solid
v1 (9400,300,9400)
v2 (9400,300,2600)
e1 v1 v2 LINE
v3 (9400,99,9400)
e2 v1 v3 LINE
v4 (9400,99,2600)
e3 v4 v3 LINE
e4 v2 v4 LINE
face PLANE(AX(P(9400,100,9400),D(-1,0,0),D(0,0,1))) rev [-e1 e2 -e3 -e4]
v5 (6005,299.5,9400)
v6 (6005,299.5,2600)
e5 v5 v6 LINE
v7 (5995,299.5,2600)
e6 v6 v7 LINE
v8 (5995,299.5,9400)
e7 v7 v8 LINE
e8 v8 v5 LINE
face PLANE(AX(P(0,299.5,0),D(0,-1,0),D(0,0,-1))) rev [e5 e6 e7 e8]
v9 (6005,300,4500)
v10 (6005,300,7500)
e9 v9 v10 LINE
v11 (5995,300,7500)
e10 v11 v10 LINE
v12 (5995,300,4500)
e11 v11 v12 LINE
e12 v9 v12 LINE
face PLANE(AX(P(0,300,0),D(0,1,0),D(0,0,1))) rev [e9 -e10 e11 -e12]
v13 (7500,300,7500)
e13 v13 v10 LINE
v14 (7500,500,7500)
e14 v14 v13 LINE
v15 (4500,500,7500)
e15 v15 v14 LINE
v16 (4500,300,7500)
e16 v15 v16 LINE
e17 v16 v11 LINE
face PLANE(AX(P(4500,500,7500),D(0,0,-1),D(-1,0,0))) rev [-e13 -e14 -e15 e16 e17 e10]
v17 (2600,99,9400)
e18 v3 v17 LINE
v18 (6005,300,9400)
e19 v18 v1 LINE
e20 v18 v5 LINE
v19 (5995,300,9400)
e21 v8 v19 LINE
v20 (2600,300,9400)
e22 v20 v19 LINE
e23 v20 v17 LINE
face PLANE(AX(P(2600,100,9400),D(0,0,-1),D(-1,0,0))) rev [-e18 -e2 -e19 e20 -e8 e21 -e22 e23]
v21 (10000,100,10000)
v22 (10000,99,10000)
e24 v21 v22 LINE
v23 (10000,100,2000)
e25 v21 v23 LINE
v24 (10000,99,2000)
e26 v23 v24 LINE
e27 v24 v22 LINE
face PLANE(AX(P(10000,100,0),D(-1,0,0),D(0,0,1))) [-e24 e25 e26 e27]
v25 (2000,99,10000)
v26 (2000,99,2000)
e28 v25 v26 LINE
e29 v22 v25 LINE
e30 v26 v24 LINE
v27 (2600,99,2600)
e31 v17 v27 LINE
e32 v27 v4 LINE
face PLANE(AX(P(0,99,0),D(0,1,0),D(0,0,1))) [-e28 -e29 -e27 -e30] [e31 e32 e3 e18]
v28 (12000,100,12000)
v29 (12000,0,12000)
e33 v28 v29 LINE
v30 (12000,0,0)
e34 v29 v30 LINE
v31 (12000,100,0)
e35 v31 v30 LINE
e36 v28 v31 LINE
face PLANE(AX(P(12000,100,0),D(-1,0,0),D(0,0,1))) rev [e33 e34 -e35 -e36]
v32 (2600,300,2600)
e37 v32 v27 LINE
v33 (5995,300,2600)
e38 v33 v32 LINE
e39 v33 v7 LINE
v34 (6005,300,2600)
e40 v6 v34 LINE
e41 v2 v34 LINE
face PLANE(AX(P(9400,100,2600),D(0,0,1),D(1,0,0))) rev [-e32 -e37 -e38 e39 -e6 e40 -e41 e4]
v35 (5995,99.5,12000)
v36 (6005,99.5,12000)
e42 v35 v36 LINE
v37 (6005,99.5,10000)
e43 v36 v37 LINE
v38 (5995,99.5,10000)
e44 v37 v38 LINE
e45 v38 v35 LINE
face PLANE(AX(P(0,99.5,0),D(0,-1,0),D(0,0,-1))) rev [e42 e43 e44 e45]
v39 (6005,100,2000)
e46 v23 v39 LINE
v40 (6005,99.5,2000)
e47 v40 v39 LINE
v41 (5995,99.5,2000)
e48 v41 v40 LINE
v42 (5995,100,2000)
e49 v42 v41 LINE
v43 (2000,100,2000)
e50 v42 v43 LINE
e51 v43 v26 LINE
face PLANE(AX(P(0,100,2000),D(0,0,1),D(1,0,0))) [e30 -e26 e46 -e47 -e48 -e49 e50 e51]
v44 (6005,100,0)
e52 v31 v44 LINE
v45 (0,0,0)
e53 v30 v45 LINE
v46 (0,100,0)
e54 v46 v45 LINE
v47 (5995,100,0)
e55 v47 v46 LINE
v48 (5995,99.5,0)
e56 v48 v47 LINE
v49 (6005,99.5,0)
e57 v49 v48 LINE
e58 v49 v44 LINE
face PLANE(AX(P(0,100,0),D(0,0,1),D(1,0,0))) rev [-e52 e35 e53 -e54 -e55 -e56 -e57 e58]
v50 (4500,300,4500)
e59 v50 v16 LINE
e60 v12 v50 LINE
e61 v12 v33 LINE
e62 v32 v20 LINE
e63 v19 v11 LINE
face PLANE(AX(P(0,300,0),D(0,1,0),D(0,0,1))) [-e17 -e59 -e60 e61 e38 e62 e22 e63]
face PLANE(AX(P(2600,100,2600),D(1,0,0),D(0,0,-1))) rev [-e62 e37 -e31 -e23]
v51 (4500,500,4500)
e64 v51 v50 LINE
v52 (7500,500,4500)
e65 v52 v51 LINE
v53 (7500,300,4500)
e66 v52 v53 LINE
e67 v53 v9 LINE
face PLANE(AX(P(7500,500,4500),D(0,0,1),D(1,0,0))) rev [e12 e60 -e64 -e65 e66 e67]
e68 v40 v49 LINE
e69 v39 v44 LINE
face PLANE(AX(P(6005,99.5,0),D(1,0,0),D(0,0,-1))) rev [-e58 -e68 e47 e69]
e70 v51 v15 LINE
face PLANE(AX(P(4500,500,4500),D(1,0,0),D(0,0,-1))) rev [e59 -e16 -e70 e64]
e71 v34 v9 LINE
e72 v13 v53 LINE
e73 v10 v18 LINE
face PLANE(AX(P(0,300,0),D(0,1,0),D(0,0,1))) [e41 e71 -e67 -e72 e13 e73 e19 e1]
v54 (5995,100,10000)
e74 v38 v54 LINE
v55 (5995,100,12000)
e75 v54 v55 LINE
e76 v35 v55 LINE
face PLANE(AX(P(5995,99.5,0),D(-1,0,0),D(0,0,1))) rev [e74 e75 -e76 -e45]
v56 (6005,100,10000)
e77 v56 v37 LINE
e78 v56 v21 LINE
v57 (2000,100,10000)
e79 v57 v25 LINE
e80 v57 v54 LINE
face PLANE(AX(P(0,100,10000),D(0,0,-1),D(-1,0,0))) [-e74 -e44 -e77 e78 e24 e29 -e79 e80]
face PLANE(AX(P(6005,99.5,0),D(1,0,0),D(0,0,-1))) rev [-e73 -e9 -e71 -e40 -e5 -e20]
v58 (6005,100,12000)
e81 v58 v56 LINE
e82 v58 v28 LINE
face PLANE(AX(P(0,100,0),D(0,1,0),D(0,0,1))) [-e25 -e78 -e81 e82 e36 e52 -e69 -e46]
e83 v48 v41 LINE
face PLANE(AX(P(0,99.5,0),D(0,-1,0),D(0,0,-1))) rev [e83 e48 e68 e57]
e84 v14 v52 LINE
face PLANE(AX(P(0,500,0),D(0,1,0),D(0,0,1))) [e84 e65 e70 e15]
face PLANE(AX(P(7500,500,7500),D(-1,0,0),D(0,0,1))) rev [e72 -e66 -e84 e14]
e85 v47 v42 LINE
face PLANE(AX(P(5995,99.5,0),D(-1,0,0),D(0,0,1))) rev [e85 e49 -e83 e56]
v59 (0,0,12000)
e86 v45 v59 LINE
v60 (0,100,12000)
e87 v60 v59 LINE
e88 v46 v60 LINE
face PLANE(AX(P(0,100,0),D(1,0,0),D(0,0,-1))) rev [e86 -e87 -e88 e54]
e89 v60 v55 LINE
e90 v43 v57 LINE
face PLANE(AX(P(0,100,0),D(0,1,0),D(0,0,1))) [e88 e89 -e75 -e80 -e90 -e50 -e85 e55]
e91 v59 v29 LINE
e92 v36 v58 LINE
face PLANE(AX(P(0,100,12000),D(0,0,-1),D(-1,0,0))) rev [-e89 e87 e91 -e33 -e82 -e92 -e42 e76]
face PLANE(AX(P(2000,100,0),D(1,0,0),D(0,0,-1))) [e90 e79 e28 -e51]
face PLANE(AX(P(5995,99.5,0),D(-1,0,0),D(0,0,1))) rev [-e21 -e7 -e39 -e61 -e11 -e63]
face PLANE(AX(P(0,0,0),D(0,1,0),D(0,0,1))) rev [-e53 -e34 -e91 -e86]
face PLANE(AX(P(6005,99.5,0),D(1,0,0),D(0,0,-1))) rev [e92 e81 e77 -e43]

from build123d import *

# Parameters (mm, degrees)
SKETCH1_W             = 12000
SKETCH1_H             = 12000
SKETCH1_W_2           = 8000
SKETCH1_H_2           = 8000
BOSS_EXTRUDE1_DEPTH   = 100
SKETCH1_W_3           = 6800
SKETCH1_H_3           = 6800
BOSS_EXTRUDE1_2_DEPTH = 100
SKETCH2_W             = 8000
SKETCH2_H             = 8000
SKETCH2_W_2           = 6800
SKETCH2_H_2           = 6800
BOSS_EXTRUDE3_DEPTH   = 99
SKETCH3_W             = 10
SKETCH3_H             = 12000
CUT_EXTRUDE1_DEPTH    = 0.5
SKETCH4_W             = 3395
SKETCH4_H             = 6800
BOSS_EXTRUDE4_DEPTH   = 200
SKETCH5_W             = 10
SKETCH5_H             = 6800
BOSS_EXTRUDE5_DEPTH   = 200
SKETCH6_W             = 3000
SKETCH6_H             = 3000
BOSS_EXTRUDE6_DEPTH   = 200


with BuildPart() as part:
    # Sketch1 → Boss-Extrude1 (new body)
    with BuildSketch(Plane(origin=(0, 0, 0), x_dir=(1, 0, 0), z_dir=(0, 1, 0))):
        with Locations((6000, -6000)):
            Rectangle(SKETCH1_W, SKETCH1_H)
        with Locations((6000, -6000)):
            Rectangle(SKETCH1_W_2, SKETCH1_H_2, mode=Mode.SUBTRACT)
    extrude(amount=BOSS_EXTRUDE1_DEPTH)



with BuildPart() as body_2:
    # Sketch1 → Boss-Extrude1 2 (new body)
    with BuildSketch(Plane(origin=(0, 0, 0), x_dir=(1, 0, 0), z_dir=(0, 1, 0))):
        with Locations((6000, -6000)):
            Rectangle(SKETCH1_W_3, SKETCH1_H_3)
    extrude(amount=BOSS_EXTRUDE1_2_DEPTH)


with BuildPart() as part_1:
    add(part.part)

    add(body_2.part)  # Boss-Extrude3 merges body 2
    # Sketch2 → Boss-Extrude3 (add)
    with BuildSketch(Plane.XZ):
        with Locations((6000, 6000)):
            Rectangle(SKETCH2_W, SKETCH2_H)
        with Locations((6000, 6000)):
            Rectangle(SKETCH2_W_2, SKETCH2_H_2, mode=Mode.SUBTRACT)
    extrude(amount=-BOSS_EXTRUDE3_DEPTH)

    # Sketch3 → Cut-Extrude1 (cut)
    with BuildSketch(Plane(origin=(0, 100, 0), x_dir=(1, 0, 0), z_dir=(0, 1, 0))):
        with Locations((6000, -6000)):
            Rectangle(SKETCH3_W, SKETCH3_H)
    extrude(amount=-CUT_EXTRUDE1_DEPTH, mode=Mode.SUBTRACT)

    # Sketch4 → Boss-Extrude4 (add)
    with BuildSketch(Plane(origin=(0, 100, 0), x_dir=(1, 0, 0), z_dir=(0, 1, 0))):
        with Locations((4297.5, -6000)):
            Rectangle(SKETCH4_W, SKETCH4_H)
        with Locations((7702.5, -6000)):
            Rectangle(SKETCH4_W, SKETCH4_H)
    extrude(amount=BOSS_EXTRUDE4_DEPTH)

    # Sketch5 → Boss-Extrude5 (add)
    with BuildSketch(Plane(origin=(0, 99.5, 0), x_dir=(1, 0, 0), z_dir=(0, 1, 0))):
        with Locations((6000, -6000)):
            Rectangle(SKETCH5_W, SKETCH5_H)
    extrude(amount=BOSS_EXTRUDE5_DEPTH)

    # Sketch6 → Boss-Extrude6 (add)
    with BuildSketch(Plane(origin=(0, 300, 0), x_dir=(1, 0, 0), z_dir=(0, 1, 0))):
        with Locations((6000, -6000)):
            Rectangle(SKETCH6_W, SKETCH6_H)
    extrude(amount=BOSS_EXTRUDE6_DEPTH)


solid = part_1.part
